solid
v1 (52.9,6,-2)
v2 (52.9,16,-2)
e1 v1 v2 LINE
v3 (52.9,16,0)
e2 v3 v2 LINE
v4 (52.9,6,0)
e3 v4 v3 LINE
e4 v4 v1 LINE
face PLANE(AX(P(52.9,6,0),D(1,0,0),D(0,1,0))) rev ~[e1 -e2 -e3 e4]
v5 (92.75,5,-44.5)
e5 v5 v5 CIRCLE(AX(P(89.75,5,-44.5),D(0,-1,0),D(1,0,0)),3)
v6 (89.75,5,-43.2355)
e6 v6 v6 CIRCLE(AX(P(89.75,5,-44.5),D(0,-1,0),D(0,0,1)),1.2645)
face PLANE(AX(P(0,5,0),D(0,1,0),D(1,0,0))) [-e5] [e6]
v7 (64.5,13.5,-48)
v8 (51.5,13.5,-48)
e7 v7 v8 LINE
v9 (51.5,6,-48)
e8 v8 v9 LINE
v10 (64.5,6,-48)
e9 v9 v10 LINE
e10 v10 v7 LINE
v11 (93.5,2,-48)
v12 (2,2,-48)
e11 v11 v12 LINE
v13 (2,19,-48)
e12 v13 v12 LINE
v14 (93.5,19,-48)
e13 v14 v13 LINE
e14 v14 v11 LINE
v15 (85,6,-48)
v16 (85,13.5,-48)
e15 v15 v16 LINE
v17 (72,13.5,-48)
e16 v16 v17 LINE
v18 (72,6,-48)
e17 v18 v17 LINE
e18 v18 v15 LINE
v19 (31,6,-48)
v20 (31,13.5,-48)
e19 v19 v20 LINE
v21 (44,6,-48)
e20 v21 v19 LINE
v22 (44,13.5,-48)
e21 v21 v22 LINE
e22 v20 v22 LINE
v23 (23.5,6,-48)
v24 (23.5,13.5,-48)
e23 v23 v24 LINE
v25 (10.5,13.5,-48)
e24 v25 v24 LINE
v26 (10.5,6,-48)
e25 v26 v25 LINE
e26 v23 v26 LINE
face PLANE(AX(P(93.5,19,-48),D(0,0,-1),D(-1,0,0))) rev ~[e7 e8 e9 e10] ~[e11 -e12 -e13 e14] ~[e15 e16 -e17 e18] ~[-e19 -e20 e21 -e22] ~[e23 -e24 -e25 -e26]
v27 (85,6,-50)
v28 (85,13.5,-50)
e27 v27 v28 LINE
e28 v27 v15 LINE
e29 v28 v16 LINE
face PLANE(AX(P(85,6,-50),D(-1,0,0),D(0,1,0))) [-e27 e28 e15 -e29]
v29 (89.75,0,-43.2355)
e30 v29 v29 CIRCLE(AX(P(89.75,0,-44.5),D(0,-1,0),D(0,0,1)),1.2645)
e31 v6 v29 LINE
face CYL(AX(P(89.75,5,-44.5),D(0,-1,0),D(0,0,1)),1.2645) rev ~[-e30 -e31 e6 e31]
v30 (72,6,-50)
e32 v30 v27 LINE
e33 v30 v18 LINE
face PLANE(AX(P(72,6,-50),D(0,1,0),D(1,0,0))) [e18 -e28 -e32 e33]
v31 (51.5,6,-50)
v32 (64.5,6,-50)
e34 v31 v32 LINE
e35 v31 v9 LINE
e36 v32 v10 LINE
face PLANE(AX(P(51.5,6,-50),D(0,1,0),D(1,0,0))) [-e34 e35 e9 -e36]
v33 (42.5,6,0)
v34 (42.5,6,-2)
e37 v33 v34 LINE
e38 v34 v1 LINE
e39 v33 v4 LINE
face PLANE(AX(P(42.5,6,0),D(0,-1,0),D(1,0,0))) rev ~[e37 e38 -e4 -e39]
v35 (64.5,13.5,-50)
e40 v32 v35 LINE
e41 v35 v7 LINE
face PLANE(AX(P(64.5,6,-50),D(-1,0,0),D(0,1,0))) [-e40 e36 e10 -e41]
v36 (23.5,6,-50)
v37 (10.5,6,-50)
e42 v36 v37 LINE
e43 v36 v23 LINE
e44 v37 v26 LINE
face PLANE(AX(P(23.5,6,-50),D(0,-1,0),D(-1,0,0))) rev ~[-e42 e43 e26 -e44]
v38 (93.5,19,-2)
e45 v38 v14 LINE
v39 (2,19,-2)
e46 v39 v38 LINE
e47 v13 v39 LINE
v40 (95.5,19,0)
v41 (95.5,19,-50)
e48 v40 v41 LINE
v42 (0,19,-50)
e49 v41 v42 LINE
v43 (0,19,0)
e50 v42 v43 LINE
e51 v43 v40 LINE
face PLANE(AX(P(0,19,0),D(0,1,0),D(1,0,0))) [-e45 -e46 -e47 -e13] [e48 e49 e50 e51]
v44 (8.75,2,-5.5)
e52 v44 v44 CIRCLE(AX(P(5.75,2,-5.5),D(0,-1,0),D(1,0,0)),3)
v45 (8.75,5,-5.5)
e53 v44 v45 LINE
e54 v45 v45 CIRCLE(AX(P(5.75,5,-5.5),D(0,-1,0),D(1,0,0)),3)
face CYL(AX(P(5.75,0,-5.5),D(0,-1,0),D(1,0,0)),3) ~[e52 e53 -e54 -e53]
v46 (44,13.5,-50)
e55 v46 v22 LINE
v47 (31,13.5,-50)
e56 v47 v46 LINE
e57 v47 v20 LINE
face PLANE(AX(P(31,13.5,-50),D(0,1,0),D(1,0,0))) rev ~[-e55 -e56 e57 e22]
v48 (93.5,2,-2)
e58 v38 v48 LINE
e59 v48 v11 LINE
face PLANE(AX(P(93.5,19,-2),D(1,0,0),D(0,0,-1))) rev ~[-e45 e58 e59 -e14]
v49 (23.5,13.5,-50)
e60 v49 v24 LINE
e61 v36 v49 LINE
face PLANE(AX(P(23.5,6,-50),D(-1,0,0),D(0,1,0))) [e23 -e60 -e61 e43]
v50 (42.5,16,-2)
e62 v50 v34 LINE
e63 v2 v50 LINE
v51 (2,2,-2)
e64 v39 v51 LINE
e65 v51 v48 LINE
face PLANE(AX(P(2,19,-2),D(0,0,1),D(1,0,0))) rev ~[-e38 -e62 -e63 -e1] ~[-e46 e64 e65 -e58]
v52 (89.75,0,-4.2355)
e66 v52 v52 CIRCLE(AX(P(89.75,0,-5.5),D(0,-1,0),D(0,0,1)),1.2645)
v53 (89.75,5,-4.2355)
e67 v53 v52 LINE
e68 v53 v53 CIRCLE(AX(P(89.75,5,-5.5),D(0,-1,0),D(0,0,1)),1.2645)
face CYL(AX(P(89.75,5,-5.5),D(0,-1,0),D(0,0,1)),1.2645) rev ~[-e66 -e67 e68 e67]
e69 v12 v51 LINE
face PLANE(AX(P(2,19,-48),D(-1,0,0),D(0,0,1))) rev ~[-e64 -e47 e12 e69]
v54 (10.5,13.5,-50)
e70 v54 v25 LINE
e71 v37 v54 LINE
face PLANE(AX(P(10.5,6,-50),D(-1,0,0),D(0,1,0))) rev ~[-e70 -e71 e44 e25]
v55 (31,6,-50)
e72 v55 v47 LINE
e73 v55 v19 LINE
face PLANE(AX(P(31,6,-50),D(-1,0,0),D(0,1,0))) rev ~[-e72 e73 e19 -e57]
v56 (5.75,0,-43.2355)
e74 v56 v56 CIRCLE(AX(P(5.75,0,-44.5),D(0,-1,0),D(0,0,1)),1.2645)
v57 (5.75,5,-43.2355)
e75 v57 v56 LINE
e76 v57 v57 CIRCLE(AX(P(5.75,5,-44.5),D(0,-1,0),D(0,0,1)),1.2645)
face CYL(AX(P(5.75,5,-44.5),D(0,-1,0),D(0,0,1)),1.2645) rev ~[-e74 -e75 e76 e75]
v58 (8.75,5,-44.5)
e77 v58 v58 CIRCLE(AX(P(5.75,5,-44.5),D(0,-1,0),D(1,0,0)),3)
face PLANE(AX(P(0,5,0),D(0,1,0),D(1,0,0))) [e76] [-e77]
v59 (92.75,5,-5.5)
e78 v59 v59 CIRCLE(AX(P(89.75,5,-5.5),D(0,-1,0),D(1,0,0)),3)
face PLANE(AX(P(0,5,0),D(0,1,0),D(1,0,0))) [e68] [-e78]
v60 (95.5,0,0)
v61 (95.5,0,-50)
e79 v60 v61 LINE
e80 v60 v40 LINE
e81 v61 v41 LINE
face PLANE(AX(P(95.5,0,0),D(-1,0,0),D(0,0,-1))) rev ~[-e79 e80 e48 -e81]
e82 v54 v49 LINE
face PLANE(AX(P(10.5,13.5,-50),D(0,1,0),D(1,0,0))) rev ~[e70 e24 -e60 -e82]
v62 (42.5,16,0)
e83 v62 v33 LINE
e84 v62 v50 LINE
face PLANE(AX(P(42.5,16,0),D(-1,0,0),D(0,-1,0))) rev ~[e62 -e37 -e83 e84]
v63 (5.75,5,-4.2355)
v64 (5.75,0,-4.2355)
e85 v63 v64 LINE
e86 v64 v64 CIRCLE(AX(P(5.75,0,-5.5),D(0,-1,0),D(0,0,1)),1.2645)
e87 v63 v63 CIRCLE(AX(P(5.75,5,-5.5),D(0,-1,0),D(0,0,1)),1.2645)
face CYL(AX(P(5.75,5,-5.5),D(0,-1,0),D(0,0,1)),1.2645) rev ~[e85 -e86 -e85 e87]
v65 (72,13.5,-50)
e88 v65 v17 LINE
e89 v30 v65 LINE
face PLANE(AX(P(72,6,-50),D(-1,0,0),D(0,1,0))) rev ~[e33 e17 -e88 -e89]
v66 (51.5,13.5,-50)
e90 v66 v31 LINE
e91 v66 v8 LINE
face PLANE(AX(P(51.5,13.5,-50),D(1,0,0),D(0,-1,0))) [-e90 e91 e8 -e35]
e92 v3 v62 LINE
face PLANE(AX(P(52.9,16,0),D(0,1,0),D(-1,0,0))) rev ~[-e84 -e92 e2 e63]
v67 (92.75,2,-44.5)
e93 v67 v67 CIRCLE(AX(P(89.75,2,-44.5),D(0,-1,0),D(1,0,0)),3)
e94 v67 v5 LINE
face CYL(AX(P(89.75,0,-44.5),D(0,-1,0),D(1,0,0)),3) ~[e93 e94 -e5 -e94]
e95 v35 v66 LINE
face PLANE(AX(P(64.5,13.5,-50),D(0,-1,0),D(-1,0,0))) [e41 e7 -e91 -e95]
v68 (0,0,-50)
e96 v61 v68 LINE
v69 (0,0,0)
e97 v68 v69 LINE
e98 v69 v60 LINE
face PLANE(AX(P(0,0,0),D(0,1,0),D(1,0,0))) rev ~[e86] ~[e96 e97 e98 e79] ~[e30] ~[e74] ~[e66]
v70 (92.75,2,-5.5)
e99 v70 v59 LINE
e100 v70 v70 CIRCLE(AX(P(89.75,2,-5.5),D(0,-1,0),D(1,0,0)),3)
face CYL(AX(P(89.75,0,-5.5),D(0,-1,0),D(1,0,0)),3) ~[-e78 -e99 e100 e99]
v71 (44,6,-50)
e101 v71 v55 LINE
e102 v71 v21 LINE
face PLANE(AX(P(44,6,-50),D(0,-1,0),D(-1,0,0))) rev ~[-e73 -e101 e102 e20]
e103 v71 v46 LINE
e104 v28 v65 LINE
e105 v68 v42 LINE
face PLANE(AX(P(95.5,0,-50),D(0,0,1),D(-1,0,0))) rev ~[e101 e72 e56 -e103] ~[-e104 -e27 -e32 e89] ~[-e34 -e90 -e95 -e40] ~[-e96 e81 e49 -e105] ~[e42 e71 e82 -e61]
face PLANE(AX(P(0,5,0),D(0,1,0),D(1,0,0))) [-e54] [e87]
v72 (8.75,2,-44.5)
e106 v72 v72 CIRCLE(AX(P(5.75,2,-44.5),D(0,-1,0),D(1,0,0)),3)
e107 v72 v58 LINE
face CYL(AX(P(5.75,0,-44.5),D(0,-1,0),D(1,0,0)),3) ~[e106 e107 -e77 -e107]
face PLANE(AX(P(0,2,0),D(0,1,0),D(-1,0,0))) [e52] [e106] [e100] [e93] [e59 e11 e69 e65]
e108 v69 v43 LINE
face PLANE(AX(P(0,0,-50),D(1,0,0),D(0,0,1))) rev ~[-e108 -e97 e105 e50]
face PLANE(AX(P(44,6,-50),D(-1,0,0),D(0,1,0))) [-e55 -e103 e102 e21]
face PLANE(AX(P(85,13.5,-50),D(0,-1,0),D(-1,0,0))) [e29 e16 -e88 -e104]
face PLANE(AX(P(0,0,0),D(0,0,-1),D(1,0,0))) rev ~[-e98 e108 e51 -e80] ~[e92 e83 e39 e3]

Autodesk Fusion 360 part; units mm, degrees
sketch "Sketch1" plane through (0, 0, 0) normal (0, 1, 0) x (1, 0, 0)
  line L0 (0, 0) -> (95.5, 0)
  line L1 (95.5, 0) -> (95.5, 50)
  line L2 (95.5, 50) -> (0, 50)
  line L3 (0, 50) -> (0, 0)
  dimension "d1" = 95.5
  dimension "d2" = 50
extrude "Extrude1" add sketch "Sketch1" along normal blind 19
sketch "Sketch6" plane through (0, 19, 0) normal (0, 1, 0) x (-1, 0, 0)
  line L0 (0, -50) -> (0, 0)
  line L1 (0, 0) -> (-95.5, 0)
  line L2 (-95.5, 0) -> (-95.5, -50)
  line L3 (-95.5, -50) -> (0, -50)
  line L4 (-2, -2) -> (-93.5, -2)
  line L5 (-93.5, -2) -> (-93.5, -48)
  line L6 (-93.5, -48) -> (-2, -48)
  line L7 (-2, -48) -> (-2, -2)
  dimension "d39" = 91.5
  dimension "d40" = 46
extrude "Extrude5" cut sketch "Sketch6" against normal blind 17 contours L4 L5 L6 L7
sketch "Sketch8" plane through (0, 0, 0) normal (0, 0, 1) x (1, 0, 0)
  line L0 (0, 0) -> (95.5, 0)
  line L1 (95.5, 0) -> (95.5, 19)
  line L2 (95.5, 19) -> (0, 19)
  line L3 (0, 19) -> (0, 0)
  line L4 (0, 19) -> (42.5, 19)
  line L5 (42.5, 19) -> (42.5, 6)
  line L6 (42.5, 6) -> (0, 6)
  line L7 (0, 6) -> (0, 19)
  line L8 (42.5, 6) -> (52.9, 6)
  line L9 (52.9, 6) -> (52.9, 16)
  line L10 (52.9, 16) -> (42.5, 16)
  line L11 (42.5, 16) -> (42.5, 6)
  dimension "d66" = 42.5
  dimension "d67" = 13
  dimension "d68" = 10.4
  dimension "d69" = 10
extrude "Extrude7" cut sketch "Sketch8" against normal blind 2 contours L5 L8 L9 L10 L11
sketch "Sketch9" plane through (0, 0, -50) normal (0, 0, -1) x (-1, 0, 0)
  line L0 (-95.5, 0) -> (0, 0)
  line L1 (0, 0) -> (0, 19)
  line L2 (0, 19) -> (-95.5, 19)
  line L3 (-95.5, 19) -> (-95.5, 0)
  line L4 (-95.5, 19) -> (-51.5, 19)
  line L5 (-51.5, 19) -> (-51.5, 6)
  line L6 (-51.5, 6) -> (-95.5, 6)
  line L7 (-95.5, 6) -> (-95.5, 19)
  line L8 (-51.5, 6) -> (-64.5, 6)
  line L9 (-64.5, 6) -> (-64.5, 13.5)
  line L10 (-64.5, 13.5) -> (-51.5, 13.5)
  line L11 (-51.5, 13.5) -> (-51.5, 6)
  line L12 (-64.5, 6) -> (-72, 6)
  line L13 (-72, 6) -> (-72, 13.5)
  line L14 (-72, 13.5) -> (-64.5, 13.5)
  line L15 (-64.5, 13.5) -> (-64.5, 6)
  line L16 (-72, 6) -> (-85, 6)
  line L17 (-85, 6) -> (-85, 13.5)
  line L18 (-85, 13.5) -> (-72, 13.5)
  line L19 (-72, 13.5) -> (-72, 6)
  line L20 (-51.5, 6) -> (-44, 6)
  line L21 (-44, 6) -> (-44, 13.5)
  line L22 (-44, 13.5) -> (-51.5, 13.5)
  line L23 (-51.5, 13.5) -> (-51.5, 6)
  line L24 (-44, 6) -> (-31, 6)
  line L25 (-31, 6) -> (-31, 13.5)
  line L26 (-31, 13.5) -> (-44, 13.5)
  line L27 (-44, 13.5) -> (-44, 6)
  line L28 (-31, 6) -> (-23.5, 6)
  line L29 (-23.5, 6) -> (-23.5, 13.5)
  line L30 (-23.5, 13.5) -> (-31, 13.5)
  line L31 (-31, 13.5) -> (-31, 6)
  line L32 (-23.5, 6) -> (-10.5, 6)
  line L33 (-10.5, 6) -> (-10.5, 13.5)
  line L34 (-10.5, 13.5) -> (-23.5, 13.5)
  line L35 (-23.5, 13.5) -> (-23.5, 6)
  dimension "d72" = 44
  dimension "d73" = 13
  dimension "d74" = 13
  dimension "d75" = 7.5
  dimension "d76" = 7.5
  dimension "d77" = 7.5
  dimension "d78" = 13
  dimension "d79" = 7.5
  dimension "d80" = 7.5
  dimension "d81" = 7.5
  dimension "d82" = 13
  dimension "d83" = 7.5
  dimension "d84" = 7.5
  dimension "d85" = 7.5
  dimension "d86" = 13
  dimension "d87" = 7.5
extrude "Extrude8" cut sketch "Sketch9" against normal blind 2 contours L6 L13 L16 L17 L18 L19 | L5 L6 L8 L9 L10 L11 L15 L23 | L21 L24 L25 L26 L27 L31 | L29 L32 L33 L34 L35
sketch "Sketch10" plane through (0, 0, 0) normal (0, 1, 0) x (1, 0, 0)
  line L0 (2, 2) -> (5.75, 2)
  line L1 (5.75, 2) -> (5.75, 5.5)
  line L2 (5.75, 5.5) -> (2, 5.5)
  line L3 (2, 5.5) -> (2, 2)
  circle A0 centre (5.75, 5.5) radius 3
  line L4 (2, 48) -> (5.75, 48)
  line L5 (5.75, 48) -> (5.75, 44.5)
  line L6 (5.75, 44.5) -> (2, 44.5)
  line L7 (2, 44.5) -> (2, 48)
  circle A1 centre (5.75, 44.5) radius 3
  line L8 (93.5, 48) -> (89.75, 48)
  line L9 (89.75, 48) -> (89.75, 44.5)
  line L10 (89.75, 44.5) -> (93.5, 44.5)
  line L11 (93.5, 44.5) -> (93.5, 48)
  circle A2 centre (89.75, 44.5) radius 3
  line L12 (93.5, 2) -> (89.75, 2)
  line L13 (89.75, 2) -> (89.75, 5.5)
  line L14 (89.75, 5.5) -> (93.5, 5.5)
  line L15 (93.5, 5.5) -> (93.5, 2)
  circle A3 centre (89.75, 5.5) radius 3
  dimension "d93" = 3.75
  dimension "d94" = 3.5
  dimension "d95" = 6
  dimension "d96" = 3.75
  dimension "d97" = 3.5
  dimension "d98" = 6
  dimension "d99" = 3.75
  dimension "d100" = 3.5
  dimension "d101" = 6
  dimension "d102" = 3.75
  dimension "d103" = 3.5
  dimension "d104" = 6
extrude "Extrude9" add sketch "Sketch10" along normal blind 5 contours L1 L2 A0 | L1 L2 A0 | L5 L6 A1 | L5 L6 A1 | L9 L10 A2 | L9 L10 A2 | L13 L14 A3 | L13 L14 A3
hole "Hole5" at (5.75, 5, -44.5) direction (0, -1, 0) diameter 2.529 depth 5 tip angle 180
hole "Hole6" at (89.75, 5, -44.5) direction (0, -1, 0) diameter 2.529 depth 5 tip angle 180
hole "Hole7" at (89.75, 5, -5.5) direction (0, -1, 0) diameter 2.529 depth 5 tip angle 180
hole "Hole8" at (5.75, 5, -5.5) direction (0, -1, 0) diameter 2.529 depth 5 tip angle 180
